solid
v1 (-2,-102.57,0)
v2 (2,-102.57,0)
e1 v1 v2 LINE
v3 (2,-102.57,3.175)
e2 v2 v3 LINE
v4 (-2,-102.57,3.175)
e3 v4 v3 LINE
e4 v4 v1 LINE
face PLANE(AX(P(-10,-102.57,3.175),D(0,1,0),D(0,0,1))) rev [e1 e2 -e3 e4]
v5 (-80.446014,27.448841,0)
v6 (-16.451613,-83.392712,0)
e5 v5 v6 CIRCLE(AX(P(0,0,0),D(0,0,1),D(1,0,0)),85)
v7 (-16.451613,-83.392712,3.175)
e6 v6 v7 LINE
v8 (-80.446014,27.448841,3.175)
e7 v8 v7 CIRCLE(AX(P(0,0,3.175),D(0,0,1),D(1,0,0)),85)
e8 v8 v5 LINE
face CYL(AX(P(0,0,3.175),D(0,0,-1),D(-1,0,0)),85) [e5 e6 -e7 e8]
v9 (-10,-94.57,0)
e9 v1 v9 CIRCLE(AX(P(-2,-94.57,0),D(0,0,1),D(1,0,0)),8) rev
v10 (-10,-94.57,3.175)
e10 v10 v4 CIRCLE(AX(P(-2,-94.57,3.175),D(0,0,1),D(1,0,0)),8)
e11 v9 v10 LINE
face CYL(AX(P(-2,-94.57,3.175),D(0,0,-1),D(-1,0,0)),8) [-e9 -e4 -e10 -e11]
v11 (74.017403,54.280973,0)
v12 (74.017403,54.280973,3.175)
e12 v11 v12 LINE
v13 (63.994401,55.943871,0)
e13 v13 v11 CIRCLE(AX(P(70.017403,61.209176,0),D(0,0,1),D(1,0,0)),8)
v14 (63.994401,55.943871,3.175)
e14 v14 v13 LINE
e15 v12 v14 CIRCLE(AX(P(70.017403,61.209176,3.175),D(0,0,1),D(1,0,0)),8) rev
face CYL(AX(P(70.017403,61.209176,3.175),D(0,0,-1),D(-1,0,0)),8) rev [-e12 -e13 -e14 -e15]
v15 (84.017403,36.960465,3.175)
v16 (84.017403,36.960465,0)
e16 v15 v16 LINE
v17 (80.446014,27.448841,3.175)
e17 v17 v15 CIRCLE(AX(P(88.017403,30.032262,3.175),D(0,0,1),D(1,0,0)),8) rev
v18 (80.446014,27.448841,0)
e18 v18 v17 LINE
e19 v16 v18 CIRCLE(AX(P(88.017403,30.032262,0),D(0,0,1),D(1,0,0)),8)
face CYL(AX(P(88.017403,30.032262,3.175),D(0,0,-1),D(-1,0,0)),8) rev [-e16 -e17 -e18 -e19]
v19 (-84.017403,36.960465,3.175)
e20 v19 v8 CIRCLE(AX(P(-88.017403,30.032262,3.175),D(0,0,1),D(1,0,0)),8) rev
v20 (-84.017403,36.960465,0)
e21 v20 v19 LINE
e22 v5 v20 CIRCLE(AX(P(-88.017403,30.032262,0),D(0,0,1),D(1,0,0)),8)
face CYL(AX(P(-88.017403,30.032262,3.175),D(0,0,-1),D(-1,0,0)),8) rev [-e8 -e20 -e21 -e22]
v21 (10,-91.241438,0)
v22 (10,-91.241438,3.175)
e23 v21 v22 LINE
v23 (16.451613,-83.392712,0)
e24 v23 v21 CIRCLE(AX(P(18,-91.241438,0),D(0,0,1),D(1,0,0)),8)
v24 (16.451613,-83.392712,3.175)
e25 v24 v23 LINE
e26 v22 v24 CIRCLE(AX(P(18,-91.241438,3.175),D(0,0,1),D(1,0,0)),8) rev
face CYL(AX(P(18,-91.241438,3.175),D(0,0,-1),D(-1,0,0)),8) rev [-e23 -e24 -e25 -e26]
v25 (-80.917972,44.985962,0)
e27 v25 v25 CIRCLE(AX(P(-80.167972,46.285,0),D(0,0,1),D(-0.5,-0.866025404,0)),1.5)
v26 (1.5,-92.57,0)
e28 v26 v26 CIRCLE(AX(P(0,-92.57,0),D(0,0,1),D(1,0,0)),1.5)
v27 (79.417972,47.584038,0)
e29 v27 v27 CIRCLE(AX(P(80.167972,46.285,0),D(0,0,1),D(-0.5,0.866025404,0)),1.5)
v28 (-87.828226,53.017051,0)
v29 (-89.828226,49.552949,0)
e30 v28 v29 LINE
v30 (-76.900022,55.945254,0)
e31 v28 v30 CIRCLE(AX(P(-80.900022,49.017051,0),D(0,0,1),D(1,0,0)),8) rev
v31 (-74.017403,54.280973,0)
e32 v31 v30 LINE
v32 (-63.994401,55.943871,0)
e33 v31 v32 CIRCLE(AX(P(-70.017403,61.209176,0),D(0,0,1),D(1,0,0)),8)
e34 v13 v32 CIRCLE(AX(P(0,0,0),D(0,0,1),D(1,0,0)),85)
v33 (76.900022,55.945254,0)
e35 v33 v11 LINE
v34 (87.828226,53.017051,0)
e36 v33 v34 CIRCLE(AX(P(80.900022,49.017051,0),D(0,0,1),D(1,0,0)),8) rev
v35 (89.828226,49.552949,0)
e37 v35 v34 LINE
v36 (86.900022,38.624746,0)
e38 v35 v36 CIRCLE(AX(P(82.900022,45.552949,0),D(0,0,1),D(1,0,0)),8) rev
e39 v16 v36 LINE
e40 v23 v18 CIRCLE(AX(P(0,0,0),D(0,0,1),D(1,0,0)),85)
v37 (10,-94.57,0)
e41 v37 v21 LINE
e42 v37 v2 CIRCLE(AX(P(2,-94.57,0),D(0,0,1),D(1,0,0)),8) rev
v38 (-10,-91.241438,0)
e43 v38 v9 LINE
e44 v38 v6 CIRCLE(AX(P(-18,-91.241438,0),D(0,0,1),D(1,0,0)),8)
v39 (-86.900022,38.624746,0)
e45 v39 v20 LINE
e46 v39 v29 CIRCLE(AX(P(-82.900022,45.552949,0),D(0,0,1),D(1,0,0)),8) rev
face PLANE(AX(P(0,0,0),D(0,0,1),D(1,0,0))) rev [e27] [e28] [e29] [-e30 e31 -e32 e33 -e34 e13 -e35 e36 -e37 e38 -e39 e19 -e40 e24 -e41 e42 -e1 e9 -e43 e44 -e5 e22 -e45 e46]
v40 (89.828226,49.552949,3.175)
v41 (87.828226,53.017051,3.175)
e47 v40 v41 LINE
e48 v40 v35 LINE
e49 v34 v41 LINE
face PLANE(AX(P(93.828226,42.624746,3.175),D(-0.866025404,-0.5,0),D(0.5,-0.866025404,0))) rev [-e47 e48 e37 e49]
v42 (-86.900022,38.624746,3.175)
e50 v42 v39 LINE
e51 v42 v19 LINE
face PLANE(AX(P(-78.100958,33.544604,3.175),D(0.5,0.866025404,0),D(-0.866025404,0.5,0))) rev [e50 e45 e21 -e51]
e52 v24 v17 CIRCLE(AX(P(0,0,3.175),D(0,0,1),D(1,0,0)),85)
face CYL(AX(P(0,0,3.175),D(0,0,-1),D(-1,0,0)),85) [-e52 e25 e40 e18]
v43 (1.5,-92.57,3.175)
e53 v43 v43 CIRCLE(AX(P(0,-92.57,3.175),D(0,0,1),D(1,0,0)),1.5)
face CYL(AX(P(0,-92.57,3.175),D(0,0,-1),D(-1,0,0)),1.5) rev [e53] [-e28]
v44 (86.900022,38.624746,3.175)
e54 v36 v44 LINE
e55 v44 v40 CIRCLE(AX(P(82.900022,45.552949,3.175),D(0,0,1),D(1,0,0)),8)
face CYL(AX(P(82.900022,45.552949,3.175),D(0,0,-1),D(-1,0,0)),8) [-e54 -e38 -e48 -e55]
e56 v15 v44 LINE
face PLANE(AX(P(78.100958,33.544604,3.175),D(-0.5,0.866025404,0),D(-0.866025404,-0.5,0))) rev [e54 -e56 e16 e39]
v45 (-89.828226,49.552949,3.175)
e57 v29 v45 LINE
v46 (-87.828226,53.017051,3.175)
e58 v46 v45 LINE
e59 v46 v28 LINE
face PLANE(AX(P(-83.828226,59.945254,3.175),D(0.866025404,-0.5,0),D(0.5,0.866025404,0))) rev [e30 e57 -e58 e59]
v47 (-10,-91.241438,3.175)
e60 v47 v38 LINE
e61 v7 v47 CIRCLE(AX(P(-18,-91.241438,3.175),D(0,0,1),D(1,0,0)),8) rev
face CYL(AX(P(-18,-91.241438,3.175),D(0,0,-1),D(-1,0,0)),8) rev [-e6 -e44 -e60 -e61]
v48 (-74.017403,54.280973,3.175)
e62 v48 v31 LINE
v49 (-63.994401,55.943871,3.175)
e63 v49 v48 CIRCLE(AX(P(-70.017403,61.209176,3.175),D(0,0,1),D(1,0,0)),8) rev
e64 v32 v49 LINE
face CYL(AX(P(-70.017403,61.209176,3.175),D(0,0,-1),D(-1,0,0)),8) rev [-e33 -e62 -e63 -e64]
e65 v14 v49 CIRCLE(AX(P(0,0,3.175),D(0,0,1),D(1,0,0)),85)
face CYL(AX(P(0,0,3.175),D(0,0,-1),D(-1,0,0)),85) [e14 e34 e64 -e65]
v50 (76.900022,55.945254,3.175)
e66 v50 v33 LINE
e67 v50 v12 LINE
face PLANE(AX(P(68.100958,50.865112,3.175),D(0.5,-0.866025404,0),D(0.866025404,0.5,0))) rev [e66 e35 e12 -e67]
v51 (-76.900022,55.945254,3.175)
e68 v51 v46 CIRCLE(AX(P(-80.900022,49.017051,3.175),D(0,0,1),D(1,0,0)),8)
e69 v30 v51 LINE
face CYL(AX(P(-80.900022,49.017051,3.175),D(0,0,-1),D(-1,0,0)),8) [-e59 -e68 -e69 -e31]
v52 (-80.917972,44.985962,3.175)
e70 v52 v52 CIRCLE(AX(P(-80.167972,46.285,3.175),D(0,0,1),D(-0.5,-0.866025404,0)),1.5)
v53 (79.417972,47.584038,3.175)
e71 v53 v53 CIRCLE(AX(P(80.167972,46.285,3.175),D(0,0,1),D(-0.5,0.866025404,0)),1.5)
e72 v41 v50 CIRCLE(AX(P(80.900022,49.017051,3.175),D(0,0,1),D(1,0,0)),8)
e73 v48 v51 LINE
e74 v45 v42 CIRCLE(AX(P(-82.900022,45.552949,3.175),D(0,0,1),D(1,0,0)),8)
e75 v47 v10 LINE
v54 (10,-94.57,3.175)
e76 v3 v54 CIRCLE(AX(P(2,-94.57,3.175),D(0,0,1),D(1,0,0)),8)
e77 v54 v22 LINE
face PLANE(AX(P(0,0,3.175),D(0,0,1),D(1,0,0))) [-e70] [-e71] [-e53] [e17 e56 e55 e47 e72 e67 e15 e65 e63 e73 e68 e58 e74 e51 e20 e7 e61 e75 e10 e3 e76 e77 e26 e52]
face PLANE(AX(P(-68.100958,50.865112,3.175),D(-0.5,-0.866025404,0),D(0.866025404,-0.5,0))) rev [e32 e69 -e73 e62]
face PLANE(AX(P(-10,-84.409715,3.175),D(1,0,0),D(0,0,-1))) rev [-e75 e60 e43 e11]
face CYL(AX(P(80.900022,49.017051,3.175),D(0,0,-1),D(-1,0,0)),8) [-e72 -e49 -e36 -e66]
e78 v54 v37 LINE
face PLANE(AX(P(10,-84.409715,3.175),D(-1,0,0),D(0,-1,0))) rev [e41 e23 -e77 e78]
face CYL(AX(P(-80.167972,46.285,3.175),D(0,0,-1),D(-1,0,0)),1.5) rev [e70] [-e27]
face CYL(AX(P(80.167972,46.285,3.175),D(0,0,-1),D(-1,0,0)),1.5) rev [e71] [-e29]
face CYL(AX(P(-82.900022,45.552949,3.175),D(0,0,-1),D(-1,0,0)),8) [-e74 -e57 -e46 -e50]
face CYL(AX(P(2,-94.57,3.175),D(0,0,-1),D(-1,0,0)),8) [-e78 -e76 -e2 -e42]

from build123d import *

# Parameters (mm, degrees)
SKETCH1_R                = 85
BOSS_EXTRUDE1_DEPTH      = 3.175
SKETCH2_W                = 20
SKETCH2_H                = 18.160284919
SKETCH2_R                = 1.5
BOSS_EXTRUDE2_DEPTH      = 3.175
FILLET1_R                = 8
CIRPATTERN1_COUNT        = 3
FILLET1_OF_CIRPATTERN1_R = 8


with BuildPart() as part:
    # Sketch1 → Boss-Extrude1 (new body)
    with BuildSketch(Plane.XY):
        Circle(SKETCH1_R)
    extrude(amount=BOSS_EXTRUDE1_DEPTH)

    # Sketch2 → Boss-Extrude2 (add, through all)
    with BuildSketch(Plane.XY):
        with Locations((0, -93.48985754)):
            Rectangle(SKETCH2_W, SKETCH2_H)
        with Locations((0, -92.57)):
            Circle(SKETCH2_R, mode=Mode.SUBTRACT)
    boss_extrude2 = extrude(amount=BOSS_EXTRUDE2_DEPTH)

    # Fillet1
    fillet1_edges = [part.edges().sort_by_distance(p)[0] for p in [
        (-10, -84.409715081, 1.5875),
        (-10, -102.57, 1.5875),
        (10, -102.57, 1.5875),
        (10, -84.409715081, 1.5875),
    ]]
    fillet(fillet1_edges, radius=FILLET1_R)

    # CirPattern1: Boss-Extrude2 ×3 about axis
    cirpattern1_axis = Axis((0, 0, 0), (0, 0, 1))
    for i in range(1, CIRPATTERN1_COUNT):
        add(boss_extrude2.rotate(cirpattern1_axis, i * 360 / CIRPATTERN1_COUNT))

    # Fillet1 of CirPattern1
    fillet1_of_cirpattern1_edges = [part.edges().sort_by_distance(p)[0] for p in [
        (78.100957586, 33.544603502, 1.5875),
        (93.828225666, 42.624745962, 1.5875),
        (83.828225666, 59.945254038, 1.5875),
        (68.100957586, 50.865111578, 1.5875),
        (-68.100957586, 50.865111578, 1.5875),
        (-83.828225666, 59.945254038, 1.5875),
        (-93.828225666, 42.624745962, 1.5875),
        (-78.100957586, 33.544603502, 1.5875),
    ]]
    fillet(fillet1_of_cirpattern1_edges, radius=FILLET1_OF_CIRPATTERN1_R)


solid = part.part
